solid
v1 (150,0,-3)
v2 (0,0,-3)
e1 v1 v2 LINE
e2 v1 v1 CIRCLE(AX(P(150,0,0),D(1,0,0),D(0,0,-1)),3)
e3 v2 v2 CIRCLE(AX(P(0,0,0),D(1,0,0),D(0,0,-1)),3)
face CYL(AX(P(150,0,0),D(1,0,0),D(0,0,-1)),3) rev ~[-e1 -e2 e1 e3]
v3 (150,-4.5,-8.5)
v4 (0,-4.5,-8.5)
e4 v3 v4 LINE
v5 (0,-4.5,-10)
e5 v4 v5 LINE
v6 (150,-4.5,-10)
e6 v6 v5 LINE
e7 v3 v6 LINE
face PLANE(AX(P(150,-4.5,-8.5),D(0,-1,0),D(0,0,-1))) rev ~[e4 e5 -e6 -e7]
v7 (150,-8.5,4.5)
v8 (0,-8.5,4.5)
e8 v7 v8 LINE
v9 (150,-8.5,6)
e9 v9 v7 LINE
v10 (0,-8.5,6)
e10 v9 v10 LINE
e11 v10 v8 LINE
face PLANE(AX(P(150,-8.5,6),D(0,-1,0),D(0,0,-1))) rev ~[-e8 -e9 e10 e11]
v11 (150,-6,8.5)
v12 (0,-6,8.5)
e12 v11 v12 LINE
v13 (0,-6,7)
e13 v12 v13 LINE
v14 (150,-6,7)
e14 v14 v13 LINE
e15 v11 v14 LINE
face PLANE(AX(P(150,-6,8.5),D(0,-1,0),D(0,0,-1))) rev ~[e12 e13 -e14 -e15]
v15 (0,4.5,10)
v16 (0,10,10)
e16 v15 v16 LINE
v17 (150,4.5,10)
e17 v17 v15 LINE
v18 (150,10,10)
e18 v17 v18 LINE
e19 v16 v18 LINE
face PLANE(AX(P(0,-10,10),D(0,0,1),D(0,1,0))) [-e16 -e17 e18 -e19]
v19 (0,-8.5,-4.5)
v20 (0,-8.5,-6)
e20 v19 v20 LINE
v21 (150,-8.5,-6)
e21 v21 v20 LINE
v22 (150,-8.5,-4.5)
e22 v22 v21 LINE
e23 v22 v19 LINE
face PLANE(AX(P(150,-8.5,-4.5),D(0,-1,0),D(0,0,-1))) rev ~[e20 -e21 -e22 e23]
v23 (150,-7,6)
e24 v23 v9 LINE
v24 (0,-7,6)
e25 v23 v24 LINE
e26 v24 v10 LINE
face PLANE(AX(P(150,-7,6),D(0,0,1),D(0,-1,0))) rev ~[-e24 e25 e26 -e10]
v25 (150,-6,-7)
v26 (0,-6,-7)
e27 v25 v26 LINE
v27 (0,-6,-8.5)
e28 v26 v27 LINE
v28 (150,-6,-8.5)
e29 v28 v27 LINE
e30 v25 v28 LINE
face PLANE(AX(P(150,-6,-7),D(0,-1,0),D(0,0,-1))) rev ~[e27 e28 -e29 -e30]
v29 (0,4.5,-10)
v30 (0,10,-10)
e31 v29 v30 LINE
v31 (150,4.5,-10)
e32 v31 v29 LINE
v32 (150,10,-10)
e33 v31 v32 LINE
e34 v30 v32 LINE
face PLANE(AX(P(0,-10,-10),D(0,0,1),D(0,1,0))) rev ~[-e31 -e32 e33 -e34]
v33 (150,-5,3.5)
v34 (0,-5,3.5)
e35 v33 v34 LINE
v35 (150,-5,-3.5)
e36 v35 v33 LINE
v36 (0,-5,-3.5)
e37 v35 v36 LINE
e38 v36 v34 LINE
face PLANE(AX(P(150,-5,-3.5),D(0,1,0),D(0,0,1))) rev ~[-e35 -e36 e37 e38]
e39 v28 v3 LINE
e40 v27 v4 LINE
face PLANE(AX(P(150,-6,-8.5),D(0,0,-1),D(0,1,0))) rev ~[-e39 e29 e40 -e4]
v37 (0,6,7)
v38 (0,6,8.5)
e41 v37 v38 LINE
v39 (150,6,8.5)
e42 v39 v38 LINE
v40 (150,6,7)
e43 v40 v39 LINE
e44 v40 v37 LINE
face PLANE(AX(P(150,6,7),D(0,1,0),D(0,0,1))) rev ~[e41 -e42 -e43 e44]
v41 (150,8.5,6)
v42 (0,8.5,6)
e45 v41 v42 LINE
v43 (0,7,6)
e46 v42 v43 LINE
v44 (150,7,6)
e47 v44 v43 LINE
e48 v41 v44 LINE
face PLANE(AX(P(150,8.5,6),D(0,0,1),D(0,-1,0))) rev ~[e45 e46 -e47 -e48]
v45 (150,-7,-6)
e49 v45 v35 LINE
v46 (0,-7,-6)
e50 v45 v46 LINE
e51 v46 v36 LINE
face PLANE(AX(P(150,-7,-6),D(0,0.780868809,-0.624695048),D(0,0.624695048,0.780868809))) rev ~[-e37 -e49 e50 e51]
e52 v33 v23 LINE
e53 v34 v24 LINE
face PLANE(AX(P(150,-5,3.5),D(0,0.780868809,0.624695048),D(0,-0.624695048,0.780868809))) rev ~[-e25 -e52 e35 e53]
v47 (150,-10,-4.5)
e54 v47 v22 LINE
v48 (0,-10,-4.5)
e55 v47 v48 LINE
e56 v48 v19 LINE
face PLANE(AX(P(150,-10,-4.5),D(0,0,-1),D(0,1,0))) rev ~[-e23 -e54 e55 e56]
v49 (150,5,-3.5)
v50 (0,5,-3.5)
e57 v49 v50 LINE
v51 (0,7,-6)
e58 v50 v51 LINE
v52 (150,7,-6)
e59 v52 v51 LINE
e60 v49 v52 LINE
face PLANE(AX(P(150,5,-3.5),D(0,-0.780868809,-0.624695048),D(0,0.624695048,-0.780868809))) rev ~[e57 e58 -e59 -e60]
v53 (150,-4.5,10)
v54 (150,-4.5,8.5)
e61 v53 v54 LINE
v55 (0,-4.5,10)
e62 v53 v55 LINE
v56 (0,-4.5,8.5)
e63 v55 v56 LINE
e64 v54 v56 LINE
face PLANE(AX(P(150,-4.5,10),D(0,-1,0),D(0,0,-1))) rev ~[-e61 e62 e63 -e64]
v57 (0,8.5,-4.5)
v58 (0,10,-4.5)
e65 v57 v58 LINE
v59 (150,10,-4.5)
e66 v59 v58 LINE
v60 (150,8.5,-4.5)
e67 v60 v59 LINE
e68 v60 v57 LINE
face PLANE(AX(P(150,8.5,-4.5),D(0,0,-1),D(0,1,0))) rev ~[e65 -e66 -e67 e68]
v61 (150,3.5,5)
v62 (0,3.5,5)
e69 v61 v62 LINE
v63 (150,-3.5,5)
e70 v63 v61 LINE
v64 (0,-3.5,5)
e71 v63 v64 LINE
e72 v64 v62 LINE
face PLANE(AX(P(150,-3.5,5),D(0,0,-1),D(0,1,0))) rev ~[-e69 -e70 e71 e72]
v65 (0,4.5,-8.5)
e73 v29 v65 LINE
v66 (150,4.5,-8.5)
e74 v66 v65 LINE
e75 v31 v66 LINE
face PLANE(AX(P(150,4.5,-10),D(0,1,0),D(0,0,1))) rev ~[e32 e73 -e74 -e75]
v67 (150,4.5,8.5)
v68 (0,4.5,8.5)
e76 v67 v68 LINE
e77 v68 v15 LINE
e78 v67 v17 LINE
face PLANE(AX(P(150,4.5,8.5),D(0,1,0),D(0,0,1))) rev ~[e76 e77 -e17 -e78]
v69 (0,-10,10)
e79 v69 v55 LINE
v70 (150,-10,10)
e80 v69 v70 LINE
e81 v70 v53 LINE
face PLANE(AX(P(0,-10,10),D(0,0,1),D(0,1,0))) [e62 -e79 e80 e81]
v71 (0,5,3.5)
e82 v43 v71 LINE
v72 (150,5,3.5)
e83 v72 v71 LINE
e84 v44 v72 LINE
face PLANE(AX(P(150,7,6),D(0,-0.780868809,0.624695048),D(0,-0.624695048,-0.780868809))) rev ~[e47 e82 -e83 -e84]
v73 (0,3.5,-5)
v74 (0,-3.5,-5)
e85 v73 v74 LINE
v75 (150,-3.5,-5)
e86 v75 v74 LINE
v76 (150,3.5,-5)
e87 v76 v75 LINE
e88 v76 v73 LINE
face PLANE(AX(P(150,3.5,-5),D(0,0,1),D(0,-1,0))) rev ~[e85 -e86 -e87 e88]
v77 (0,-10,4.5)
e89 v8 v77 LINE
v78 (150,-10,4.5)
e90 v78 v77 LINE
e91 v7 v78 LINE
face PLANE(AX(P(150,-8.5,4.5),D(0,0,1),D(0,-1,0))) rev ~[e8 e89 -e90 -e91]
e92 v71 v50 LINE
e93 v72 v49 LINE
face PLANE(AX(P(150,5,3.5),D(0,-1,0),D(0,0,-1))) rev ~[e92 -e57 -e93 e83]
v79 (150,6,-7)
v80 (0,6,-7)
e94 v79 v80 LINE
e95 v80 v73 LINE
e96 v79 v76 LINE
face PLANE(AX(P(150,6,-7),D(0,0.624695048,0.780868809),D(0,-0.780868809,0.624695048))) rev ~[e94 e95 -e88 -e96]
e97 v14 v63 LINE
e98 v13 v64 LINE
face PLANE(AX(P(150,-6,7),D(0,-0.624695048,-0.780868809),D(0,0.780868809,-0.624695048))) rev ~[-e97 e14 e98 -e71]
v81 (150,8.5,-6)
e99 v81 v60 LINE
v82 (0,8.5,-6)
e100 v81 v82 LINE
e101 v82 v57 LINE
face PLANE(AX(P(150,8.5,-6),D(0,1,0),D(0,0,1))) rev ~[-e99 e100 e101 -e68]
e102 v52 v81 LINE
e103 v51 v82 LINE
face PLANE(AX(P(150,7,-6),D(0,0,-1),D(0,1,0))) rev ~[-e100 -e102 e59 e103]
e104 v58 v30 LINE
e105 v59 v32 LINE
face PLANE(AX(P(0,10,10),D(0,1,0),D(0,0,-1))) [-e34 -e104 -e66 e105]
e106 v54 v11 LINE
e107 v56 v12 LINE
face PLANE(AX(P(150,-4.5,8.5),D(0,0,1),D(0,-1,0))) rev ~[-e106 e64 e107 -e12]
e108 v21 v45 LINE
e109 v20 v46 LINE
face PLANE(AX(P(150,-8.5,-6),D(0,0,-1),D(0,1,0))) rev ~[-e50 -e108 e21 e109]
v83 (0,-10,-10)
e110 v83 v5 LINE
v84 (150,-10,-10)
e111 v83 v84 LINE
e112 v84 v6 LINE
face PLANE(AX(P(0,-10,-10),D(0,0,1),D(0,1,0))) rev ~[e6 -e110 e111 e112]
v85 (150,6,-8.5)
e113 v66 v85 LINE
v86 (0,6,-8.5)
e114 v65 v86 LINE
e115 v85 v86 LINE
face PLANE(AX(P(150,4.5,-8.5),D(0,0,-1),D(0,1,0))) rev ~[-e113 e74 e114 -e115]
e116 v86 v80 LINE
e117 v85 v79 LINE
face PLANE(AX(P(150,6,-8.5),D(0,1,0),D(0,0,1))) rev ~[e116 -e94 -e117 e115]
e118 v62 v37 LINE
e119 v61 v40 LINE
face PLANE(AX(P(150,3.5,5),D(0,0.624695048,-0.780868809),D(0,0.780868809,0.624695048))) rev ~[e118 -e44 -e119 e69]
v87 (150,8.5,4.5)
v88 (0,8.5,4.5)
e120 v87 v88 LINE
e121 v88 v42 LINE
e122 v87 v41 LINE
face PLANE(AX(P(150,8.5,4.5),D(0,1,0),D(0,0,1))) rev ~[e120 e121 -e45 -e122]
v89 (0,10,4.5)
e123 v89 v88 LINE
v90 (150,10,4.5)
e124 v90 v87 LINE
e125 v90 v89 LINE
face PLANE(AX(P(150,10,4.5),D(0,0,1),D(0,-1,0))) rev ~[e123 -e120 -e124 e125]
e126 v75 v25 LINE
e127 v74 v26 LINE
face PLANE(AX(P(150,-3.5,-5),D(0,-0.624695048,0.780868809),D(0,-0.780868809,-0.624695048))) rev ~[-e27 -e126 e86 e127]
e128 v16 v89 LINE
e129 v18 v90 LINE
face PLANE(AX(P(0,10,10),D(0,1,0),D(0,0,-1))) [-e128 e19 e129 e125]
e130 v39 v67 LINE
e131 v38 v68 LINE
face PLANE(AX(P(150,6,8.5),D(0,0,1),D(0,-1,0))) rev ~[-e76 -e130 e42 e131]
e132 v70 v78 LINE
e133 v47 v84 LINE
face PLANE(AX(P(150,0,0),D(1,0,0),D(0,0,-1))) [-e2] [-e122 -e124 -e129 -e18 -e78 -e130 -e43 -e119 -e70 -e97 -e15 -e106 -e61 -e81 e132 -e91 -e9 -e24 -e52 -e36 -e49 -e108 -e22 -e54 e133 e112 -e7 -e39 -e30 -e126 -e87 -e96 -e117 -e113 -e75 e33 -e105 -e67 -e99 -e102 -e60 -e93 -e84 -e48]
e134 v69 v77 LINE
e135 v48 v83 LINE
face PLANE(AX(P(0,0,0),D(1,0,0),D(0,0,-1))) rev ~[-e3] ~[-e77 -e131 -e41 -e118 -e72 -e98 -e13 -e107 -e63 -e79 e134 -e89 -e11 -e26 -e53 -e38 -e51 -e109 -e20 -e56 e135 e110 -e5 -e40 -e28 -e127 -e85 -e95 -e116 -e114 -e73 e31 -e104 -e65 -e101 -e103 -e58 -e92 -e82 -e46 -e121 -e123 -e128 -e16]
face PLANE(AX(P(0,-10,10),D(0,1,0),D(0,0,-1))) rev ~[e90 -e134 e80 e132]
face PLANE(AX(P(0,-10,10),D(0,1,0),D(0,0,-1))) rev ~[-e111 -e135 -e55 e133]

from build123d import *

# Parameters (mm, degrees)
SKETCH1_W           = 20
SKETCH1_H           = 20
BOSS_EXTRUDE1_DEPTH = 150
SKETCH2_R           = 3
CUT_EXTRUDE1_DEPTH  = 151.665191733
CUT_EXTRUDE2_DEPTH  = 151.665191733
CIRPATTERN1_COUNT   = 4


with BuildPart() as part:
    # Sketch1 → Boss-Extrude1 (new body)
    with BuildSketch(Plane(origin=(0, 0, 0), x_dir=(0, 0, -1), z_dir=(1, 0, 0))):
        Rectangle(SKETCH1_W, SKETCH1_H)
    extrude(amount=BOSS_EXTRUDE1_DEPTH)

    # Sketch2 → Cut-Extrude1 (cut, through all)
    with BuildSketch(Plane(origin=(150, 0, 0), x_dir=(0, 0, -1), z_dir=(1, 0, 0))):
        Circle(SKETCH2_R)
    extrude(amount=-CUT_EXTRUDE1_DEPTH, mode=Mode.SUBTRACT)

    # Sketch2<3> → Cut-Extrude2 (cut, through all)
    with BuildSketch(Plane(origin=(150, 0, 0), x_dir=(0, 0, -1), z_dir=(1, 0, 0))):
        Polygon((-3.5, 5), (3.5, 5), (6, 7), (6, 8.5), (4.5, 8.5), (4.5, 10), (-4.5, 10), (-4.5, 8.5), (-6, 8.5), (-6, 7), align=None)
    cut_extrude2 = extrude(amount=-CUT_EXTRUDE2_DEPTH, mode=Mode.SUBTRACT)

    # CirPattern1: Cut-Extrude2 ×4 about axis
    cirpattern1_axis = Axis((0, 0, 0), (1, 0, 0))
    for i in range(1, CIRPATTERN1_COUNT):
        add(cut_extrude2.rotate(cirpattern1_axis, i * 360 / CIRPATTERN1_COUNT), mode=Mode.SUBTRACT)


solid = part.part
